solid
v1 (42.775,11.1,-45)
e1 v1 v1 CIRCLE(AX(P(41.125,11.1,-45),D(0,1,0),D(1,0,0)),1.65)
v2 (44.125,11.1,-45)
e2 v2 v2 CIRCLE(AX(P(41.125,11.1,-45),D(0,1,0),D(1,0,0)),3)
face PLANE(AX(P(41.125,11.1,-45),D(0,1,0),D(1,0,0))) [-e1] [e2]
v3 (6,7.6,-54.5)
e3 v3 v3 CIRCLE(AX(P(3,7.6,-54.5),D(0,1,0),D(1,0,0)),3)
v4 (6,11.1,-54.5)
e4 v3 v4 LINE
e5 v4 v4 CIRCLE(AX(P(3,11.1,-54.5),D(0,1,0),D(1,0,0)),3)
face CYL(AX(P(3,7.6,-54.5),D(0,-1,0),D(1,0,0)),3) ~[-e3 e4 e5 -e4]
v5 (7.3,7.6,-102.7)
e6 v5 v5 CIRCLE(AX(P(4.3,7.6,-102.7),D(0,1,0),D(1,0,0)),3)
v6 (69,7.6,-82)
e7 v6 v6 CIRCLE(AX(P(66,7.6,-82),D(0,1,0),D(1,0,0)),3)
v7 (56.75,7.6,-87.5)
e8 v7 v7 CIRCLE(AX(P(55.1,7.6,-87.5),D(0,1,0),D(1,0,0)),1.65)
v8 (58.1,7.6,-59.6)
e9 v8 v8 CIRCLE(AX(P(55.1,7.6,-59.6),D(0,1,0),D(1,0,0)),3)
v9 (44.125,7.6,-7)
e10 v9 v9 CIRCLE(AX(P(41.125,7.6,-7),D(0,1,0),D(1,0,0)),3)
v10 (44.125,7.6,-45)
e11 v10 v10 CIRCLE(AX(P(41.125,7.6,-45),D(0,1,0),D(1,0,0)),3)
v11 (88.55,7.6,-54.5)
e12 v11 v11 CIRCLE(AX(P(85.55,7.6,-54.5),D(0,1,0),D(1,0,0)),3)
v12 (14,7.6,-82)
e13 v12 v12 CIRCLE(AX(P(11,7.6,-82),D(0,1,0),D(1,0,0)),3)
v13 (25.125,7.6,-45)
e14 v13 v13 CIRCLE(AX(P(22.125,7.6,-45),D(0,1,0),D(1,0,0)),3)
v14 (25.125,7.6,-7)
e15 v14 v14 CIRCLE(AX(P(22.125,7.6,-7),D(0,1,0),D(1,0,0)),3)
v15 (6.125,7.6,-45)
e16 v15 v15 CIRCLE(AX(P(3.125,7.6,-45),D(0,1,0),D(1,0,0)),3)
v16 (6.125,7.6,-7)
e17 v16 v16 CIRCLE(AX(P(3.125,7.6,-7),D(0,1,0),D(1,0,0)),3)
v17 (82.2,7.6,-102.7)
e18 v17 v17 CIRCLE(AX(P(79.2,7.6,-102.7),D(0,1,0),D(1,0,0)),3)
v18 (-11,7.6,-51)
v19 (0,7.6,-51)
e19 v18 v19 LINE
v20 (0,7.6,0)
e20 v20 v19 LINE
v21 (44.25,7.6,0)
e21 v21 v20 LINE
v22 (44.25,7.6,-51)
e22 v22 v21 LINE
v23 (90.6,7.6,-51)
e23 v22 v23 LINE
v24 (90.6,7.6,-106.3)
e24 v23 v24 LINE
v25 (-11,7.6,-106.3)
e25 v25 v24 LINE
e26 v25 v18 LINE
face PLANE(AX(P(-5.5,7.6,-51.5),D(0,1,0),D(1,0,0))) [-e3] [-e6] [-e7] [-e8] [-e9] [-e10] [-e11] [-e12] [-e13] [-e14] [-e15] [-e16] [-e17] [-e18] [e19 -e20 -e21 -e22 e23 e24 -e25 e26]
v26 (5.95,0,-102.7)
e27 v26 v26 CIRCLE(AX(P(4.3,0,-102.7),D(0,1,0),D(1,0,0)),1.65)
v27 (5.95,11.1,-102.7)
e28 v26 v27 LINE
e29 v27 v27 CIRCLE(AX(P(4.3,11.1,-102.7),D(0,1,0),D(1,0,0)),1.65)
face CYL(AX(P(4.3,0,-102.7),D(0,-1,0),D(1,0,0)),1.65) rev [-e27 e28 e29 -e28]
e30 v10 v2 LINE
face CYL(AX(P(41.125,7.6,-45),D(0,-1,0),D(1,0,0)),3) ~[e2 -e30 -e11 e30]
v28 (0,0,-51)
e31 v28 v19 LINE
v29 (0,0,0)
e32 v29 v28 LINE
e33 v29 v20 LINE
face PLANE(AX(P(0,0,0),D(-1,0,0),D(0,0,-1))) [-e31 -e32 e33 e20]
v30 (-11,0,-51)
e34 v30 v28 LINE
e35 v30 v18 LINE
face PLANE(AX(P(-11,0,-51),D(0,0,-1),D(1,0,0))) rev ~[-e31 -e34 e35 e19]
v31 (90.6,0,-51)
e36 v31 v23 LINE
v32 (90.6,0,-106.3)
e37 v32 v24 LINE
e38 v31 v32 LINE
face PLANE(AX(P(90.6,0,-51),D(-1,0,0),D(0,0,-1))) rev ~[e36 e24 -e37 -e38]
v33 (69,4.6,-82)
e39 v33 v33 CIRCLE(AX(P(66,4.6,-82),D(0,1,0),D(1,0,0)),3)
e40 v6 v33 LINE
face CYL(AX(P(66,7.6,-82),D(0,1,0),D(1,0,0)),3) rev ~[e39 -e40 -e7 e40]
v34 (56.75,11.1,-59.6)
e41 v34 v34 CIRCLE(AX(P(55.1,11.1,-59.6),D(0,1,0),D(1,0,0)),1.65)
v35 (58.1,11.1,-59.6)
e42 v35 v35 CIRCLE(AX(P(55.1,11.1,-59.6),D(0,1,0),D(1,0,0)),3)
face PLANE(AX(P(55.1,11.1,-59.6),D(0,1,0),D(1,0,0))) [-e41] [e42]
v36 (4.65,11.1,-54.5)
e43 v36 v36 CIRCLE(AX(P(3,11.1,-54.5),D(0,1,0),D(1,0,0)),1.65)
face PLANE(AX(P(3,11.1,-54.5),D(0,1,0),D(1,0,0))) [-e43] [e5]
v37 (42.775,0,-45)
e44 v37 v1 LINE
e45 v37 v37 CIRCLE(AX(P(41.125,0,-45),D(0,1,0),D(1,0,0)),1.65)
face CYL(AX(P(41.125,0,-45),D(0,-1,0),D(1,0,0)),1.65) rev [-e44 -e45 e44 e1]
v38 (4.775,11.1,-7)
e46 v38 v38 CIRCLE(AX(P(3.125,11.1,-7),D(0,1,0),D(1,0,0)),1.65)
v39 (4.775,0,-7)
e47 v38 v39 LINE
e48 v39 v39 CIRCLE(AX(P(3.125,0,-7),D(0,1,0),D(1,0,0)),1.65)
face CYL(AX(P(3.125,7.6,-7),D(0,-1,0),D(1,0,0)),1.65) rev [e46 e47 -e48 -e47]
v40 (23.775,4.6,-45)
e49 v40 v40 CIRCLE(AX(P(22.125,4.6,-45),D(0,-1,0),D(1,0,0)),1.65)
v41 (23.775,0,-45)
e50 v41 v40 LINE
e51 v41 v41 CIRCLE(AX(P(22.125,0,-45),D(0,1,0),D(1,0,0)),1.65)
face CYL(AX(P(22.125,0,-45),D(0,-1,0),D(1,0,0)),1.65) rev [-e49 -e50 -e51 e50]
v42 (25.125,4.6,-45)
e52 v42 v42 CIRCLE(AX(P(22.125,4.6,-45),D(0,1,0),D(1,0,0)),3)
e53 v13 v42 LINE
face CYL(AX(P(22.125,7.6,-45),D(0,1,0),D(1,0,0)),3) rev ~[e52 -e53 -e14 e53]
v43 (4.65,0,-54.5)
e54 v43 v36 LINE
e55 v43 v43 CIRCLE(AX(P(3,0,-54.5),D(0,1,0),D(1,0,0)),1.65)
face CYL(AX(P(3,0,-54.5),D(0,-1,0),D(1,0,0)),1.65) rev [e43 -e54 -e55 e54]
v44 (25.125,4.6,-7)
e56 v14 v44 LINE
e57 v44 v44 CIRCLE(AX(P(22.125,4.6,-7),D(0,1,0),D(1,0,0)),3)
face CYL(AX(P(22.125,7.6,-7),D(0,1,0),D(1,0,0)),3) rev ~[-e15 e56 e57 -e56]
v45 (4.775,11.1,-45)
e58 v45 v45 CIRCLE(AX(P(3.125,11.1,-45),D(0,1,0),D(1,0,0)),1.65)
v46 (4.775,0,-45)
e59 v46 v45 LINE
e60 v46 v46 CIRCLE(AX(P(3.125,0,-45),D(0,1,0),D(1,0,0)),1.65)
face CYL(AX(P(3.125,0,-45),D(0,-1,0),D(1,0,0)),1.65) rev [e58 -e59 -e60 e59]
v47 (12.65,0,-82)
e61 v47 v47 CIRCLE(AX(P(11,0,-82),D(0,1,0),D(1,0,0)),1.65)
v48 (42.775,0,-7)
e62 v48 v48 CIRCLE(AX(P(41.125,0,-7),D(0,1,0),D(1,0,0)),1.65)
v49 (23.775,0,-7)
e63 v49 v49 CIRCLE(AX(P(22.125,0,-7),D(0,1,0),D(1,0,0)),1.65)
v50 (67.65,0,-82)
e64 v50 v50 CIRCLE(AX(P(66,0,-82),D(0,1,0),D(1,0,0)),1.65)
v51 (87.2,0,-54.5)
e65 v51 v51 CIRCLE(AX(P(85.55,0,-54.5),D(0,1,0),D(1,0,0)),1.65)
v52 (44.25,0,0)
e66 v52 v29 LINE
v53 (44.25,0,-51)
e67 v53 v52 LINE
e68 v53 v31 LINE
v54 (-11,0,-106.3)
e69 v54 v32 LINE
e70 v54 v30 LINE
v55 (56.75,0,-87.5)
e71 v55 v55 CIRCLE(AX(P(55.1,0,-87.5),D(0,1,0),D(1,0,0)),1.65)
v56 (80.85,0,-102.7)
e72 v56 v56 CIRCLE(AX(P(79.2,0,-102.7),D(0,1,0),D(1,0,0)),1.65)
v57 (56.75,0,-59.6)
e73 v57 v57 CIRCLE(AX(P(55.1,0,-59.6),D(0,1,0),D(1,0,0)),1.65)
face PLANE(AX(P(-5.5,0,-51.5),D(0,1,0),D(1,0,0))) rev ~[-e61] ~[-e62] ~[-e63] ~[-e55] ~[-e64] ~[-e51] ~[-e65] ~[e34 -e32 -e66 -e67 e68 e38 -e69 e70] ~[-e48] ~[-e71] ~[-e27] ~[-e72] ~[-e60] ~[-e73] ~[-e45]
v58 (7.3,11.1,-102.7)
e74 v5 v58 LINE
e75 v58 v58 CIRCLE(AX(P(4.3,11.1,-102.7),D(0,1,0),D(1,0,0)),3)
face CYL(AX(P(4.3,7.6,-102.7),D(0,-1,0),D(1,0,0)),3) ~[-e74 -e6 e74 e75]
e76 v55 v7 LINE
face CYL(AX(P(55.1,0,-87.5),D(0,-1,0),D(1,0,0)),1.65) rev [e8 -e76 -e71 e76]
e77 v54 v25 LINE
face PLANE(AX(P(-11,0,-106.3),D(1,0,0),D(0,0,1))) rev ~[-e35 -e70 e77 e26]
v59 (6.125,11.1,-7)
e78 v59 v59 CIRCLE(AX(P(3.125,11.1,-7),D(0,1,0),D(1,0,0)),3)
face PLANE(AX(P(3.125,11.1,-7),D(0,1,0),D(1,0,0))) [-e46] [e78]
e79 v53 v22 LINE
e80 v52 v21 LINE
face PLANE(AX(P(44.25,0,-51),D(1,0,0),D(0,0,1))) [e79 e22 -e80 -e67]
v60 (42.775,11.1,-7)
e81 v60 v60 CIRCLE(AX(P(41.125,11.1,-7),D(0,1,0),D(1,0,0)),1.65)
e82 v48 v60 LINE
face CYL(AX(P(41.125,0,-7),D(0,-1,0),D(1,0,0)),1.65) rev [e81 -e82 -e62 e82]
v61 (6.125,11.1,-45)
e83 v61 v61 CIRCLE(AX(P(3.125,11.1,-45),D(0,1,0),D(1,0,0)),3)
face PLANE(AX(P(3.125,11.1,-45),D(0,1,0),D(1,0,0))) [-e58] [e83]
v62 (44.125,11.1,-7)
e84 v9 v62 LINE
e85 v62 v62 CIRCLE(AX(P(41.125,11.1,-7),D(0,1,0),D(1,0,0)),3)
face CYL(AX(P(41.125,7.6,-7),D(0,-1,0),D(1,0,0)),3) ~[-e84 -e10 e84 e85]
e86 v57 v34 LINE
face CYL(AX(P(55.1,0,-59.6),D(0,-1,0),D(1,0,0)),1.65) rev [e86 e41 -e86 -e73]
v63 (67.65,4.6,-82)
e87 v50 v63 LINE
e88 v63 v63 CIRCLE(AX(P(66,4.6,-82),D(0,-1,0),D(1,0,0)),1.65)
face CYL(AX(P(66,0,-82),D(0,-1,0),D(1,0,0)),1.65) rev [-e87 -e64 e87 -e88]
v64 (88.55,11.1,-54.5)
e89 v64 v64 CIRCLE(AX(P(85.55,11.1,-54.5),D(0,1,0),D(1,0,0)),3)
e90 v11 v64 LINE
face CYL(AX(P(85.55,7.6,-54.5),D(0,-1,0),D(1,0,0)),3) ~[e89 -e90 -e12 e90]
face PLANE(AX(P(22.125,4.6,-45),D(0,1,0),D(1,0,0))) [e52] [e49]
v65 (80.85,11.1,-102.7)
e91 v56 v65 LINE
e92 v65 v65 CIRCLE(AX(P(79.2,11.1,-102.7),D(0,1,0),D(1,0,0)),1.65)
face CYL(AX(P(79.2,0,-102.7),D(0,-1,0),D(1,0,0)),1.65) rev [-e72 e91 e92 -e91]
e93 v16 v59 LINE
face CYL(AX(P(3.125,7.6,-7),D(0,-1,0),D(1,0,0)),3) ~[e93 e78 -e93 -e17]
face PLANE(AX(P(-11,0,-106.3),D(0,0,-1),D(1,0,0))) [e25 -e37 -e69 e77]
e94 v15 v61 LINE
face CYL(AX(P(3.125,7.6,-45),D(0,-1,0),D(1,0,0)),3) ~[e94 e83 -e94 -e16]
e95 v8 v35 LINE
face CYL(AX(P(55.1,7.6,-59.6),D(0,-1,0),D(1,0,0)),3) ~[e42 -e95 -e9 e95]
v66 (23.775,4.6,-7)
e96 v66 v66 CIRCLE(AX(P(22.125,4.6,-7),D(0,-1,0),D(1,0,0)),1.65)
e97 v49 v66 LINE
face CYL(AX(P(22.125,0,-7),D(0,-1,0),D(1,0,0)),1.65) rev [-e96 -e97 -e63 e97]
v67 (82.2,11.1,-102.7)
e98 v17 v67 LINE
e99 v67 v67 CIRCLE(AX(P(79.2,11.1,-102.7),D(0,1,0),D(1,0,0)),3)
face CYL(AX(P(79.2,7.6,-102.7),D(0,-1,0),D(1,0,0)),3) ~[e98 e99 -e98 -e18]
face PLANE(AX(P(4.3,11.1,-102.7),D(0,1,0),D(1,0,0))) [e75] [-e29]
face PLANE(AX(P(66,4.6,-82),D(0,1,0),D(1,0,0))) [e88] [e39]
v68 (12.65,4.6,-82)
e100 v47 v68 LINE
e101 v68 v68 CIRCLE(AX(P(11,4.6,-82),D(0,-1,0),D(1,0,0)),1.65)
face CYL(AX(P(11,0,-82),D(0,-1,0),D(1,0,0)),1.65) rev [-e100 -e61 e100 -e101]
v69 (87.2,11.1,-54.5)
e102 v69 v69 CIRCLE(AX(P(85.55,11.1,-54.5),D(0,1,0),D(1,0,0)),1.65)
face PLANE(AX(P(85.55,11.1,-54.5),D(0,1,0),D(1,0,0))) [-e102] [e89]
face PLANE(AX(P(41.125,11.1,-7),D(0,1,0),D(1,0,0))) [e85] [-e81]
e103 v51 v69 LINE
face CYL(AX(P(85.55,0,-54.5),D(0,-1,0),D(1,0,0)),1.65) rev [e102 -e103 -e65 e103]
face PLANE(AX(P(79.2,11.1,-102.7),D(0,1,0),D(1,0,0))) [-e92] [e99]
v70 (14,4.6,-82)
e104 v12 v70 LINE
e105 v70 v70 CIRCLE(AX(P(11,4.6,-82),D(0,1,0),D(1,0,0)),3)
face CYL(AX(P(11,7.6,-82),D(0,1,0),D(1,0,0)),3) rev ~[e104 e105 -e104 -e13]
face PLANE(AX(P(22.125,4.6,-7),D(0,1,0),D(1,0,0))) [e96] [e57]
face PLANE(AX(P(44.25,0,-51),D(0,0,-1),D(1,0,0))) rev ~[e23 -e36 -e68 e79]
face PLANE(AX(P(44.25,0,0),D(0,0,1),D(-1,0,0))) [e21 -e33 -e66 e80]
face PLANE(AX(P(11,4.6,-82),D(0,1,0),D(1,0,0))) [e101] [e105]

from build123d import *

# Parameters (mm, degrees)
SKETCH1_W           = 11
SKETCH1_H           = 1
SKETCH1_W_2         = 101.6
SKETCH1_W_3         = 46.35
SKETCH1_R           = 1.65
BOSS_EXTRUDE1_DEPTH = 7.6
SKETCH2_R           = 3
CUT_EXTRUDE1_DEPTH  = 3
SKETCH3_R           = 3
SKETCH3_R_2         = 1.65
BOSS_EXTRUDE3_DEPTH = 3.5


with BuildPart() as part:
    # Sketch1 → Boss-Extrude1 (new body)
    with BuildSketch(Plane(origin=(0, 0, 0), x_dir=(1, 0, 0), z_dir=(0, 1, 0))):
        with Locations((-5.5, 51.5)):
            Rectangle(SKETCH1_W, SKETCH1_H)
        with Locations((39.8, 105.8)):
            Rectangle(SKETCH1_W_2, SKETCH1_H)
        with Locations((67.425, 51.5)):
            Rectangle(SKETCH1_W_3, SKETCH1_H)
        Polygon((-11, 52), (-11, 105.3), (90.6, 105.3), (90.6, 52), (44.25, 52), (44.25, 0), (0, 0), (0, 52), align=None)
        with Locations((22.125, 7)):
            Circle(SKETCH1_R, mode=Mode.SUBTRACT)
        with Locations((22.125, 45)):
            Circle(SKETCH1_R, mode=Mode.SUBTRACT)
        with Locations((66, 82)):
            Circle(SKETCH1_R, mode=Mode.SUBTRACT)
        with Locations((11, 82)):
            Circle(SKETCH1_R, mode=Mode.SUBTRACT)
        with Locations((41.125, 7)):
            Circle(SKETCH1_R, mode=Mode.SUBTRACT)
        with Locations((3.125, 7)):
            Circle(SKETCH1_R, mode=Mode.SUBTRACT)
        with Locations((41.125, 45)):
            Circle(SKETCH1_R, mode=Mode.SUBTRACT)
        with Locations((3.125, 45)):
            Circle(SKETCH1_R, mode=Mode.SUBTRACT)
        with Locations((85.55, 54.5)):
            Circle(SKETCH1_R, mode=Mode.SUBTRACT)
        with Locations((55.1, 59.6)):
            Circle(SKETCH1_R, mode=Mode.SUBTRACT)
        with Locations((55.1, 87.5)):
            Circle(SKETCH1_R, mode=Mode.SUBTRACT)
        with Locations((3, 54.5)):
            Circle(SKETCH1_R, mode=Mode.SUBTRACT)
        with Locations((79.2, 102.7)):
            Circle(SKETCH1_R, mode=Mode.SUBTRACT)
        with Locations((4.3, 102.7)):
            Circle(SKETCH1_R, mode=Mode.SUBTRACT)
    extrude(amount=BOSS_EXTRUDE1_DEPTH)

    # Sketch2 → Cut-Extrude1 (cut)
    with BuildSketch(Plane(origin=(0, 7.6, 0), x_dir=(1, 0, 0), z_dir=(0, 1, 0))):
        with Locations((11, 82)):
            Circle(SKETCH2_R)
        with Locations((66, 82)):
            Circle(SKETCH2_R)
        with Locations((22.125, 45)):
            Circle(SKETCH2_R)
        with Locations((22.125, 7)):
            Circle(SKETCH2_R)
    extrude(amount=-CUT_EXTRUDE1_DEPTH, mode=Mode.SUBTRACT)

    # Sketch3 → Boss-Extrude3 (add)
    with BuildSketch(Plane(origin=(0, 7.6, 0), x_dir=(1, 0, 0), z_dir=(0, 1, 0))):
        with Locations((3.125, 7)):
            Circle(SKETCH3_R)
        with Locations((3.125, 7)):
            Circle(SKETCH3_R_2, mode=Mode.SUBTRACT)
        with Locations((41.125, 7)):
            Circle(SKETCH3_R)
        with Locations((41.125, 7)):
            Circle(SKETCH3_R_2, mode=Mode.SUBTRACT)
        with Locations((3.125, 45)):
            Circle(SKETCH3_R)
        with Locations((3.125, 45)):
            Circle(SKETCH3_R_2, mode=Mode.SUBTRACT)
        with Locations((41.125, 45)):
            Circle(SKETCH3_R)
        with Locations((41.125, 45)):
            Circle(SKETCH3_R_2, mode=Mode.SUBTRACT)
        with Locations((3, 54.5)):
            Circle(SKETCH3_R)
        with Locations((3, 54.5)):
            Circle(SKETCH3_R_2, mode=Mode.SUBTRACT)
        with Locations((55.1, 59.6)):
            Circle(SKETCH3_R)
        with Locations((55.1, 59.6)):
            Circle(SKETCH3_R_2, mode=Mode.SUBTRACT)
        with Locations((85.55, 54.5)):
            Circle(SKETCH3_R)
        with Locations((85.55, 54.5)):
            Circle(SKETCH3_R_2, mode=Mode.SUBTRACT)
        with Locations((79.2, 102.7)):
            Circle(SKETCH3_R)
        with Locations((79.2, 102.7)):
            Circle(SKETCH3_R_2, mode=Mode.SUBTRACT)
        with Locations((4.3, 102.7)):
            Circle(SKETCH3_R)
        with Locations((4.3, 102.7)):
            Circle(SKETCH3_R_2, mode=Mode.SUBTRACT)
    extrude(amount=BOSS_EXTRUDE3_DEPTH)


solid = part.part
